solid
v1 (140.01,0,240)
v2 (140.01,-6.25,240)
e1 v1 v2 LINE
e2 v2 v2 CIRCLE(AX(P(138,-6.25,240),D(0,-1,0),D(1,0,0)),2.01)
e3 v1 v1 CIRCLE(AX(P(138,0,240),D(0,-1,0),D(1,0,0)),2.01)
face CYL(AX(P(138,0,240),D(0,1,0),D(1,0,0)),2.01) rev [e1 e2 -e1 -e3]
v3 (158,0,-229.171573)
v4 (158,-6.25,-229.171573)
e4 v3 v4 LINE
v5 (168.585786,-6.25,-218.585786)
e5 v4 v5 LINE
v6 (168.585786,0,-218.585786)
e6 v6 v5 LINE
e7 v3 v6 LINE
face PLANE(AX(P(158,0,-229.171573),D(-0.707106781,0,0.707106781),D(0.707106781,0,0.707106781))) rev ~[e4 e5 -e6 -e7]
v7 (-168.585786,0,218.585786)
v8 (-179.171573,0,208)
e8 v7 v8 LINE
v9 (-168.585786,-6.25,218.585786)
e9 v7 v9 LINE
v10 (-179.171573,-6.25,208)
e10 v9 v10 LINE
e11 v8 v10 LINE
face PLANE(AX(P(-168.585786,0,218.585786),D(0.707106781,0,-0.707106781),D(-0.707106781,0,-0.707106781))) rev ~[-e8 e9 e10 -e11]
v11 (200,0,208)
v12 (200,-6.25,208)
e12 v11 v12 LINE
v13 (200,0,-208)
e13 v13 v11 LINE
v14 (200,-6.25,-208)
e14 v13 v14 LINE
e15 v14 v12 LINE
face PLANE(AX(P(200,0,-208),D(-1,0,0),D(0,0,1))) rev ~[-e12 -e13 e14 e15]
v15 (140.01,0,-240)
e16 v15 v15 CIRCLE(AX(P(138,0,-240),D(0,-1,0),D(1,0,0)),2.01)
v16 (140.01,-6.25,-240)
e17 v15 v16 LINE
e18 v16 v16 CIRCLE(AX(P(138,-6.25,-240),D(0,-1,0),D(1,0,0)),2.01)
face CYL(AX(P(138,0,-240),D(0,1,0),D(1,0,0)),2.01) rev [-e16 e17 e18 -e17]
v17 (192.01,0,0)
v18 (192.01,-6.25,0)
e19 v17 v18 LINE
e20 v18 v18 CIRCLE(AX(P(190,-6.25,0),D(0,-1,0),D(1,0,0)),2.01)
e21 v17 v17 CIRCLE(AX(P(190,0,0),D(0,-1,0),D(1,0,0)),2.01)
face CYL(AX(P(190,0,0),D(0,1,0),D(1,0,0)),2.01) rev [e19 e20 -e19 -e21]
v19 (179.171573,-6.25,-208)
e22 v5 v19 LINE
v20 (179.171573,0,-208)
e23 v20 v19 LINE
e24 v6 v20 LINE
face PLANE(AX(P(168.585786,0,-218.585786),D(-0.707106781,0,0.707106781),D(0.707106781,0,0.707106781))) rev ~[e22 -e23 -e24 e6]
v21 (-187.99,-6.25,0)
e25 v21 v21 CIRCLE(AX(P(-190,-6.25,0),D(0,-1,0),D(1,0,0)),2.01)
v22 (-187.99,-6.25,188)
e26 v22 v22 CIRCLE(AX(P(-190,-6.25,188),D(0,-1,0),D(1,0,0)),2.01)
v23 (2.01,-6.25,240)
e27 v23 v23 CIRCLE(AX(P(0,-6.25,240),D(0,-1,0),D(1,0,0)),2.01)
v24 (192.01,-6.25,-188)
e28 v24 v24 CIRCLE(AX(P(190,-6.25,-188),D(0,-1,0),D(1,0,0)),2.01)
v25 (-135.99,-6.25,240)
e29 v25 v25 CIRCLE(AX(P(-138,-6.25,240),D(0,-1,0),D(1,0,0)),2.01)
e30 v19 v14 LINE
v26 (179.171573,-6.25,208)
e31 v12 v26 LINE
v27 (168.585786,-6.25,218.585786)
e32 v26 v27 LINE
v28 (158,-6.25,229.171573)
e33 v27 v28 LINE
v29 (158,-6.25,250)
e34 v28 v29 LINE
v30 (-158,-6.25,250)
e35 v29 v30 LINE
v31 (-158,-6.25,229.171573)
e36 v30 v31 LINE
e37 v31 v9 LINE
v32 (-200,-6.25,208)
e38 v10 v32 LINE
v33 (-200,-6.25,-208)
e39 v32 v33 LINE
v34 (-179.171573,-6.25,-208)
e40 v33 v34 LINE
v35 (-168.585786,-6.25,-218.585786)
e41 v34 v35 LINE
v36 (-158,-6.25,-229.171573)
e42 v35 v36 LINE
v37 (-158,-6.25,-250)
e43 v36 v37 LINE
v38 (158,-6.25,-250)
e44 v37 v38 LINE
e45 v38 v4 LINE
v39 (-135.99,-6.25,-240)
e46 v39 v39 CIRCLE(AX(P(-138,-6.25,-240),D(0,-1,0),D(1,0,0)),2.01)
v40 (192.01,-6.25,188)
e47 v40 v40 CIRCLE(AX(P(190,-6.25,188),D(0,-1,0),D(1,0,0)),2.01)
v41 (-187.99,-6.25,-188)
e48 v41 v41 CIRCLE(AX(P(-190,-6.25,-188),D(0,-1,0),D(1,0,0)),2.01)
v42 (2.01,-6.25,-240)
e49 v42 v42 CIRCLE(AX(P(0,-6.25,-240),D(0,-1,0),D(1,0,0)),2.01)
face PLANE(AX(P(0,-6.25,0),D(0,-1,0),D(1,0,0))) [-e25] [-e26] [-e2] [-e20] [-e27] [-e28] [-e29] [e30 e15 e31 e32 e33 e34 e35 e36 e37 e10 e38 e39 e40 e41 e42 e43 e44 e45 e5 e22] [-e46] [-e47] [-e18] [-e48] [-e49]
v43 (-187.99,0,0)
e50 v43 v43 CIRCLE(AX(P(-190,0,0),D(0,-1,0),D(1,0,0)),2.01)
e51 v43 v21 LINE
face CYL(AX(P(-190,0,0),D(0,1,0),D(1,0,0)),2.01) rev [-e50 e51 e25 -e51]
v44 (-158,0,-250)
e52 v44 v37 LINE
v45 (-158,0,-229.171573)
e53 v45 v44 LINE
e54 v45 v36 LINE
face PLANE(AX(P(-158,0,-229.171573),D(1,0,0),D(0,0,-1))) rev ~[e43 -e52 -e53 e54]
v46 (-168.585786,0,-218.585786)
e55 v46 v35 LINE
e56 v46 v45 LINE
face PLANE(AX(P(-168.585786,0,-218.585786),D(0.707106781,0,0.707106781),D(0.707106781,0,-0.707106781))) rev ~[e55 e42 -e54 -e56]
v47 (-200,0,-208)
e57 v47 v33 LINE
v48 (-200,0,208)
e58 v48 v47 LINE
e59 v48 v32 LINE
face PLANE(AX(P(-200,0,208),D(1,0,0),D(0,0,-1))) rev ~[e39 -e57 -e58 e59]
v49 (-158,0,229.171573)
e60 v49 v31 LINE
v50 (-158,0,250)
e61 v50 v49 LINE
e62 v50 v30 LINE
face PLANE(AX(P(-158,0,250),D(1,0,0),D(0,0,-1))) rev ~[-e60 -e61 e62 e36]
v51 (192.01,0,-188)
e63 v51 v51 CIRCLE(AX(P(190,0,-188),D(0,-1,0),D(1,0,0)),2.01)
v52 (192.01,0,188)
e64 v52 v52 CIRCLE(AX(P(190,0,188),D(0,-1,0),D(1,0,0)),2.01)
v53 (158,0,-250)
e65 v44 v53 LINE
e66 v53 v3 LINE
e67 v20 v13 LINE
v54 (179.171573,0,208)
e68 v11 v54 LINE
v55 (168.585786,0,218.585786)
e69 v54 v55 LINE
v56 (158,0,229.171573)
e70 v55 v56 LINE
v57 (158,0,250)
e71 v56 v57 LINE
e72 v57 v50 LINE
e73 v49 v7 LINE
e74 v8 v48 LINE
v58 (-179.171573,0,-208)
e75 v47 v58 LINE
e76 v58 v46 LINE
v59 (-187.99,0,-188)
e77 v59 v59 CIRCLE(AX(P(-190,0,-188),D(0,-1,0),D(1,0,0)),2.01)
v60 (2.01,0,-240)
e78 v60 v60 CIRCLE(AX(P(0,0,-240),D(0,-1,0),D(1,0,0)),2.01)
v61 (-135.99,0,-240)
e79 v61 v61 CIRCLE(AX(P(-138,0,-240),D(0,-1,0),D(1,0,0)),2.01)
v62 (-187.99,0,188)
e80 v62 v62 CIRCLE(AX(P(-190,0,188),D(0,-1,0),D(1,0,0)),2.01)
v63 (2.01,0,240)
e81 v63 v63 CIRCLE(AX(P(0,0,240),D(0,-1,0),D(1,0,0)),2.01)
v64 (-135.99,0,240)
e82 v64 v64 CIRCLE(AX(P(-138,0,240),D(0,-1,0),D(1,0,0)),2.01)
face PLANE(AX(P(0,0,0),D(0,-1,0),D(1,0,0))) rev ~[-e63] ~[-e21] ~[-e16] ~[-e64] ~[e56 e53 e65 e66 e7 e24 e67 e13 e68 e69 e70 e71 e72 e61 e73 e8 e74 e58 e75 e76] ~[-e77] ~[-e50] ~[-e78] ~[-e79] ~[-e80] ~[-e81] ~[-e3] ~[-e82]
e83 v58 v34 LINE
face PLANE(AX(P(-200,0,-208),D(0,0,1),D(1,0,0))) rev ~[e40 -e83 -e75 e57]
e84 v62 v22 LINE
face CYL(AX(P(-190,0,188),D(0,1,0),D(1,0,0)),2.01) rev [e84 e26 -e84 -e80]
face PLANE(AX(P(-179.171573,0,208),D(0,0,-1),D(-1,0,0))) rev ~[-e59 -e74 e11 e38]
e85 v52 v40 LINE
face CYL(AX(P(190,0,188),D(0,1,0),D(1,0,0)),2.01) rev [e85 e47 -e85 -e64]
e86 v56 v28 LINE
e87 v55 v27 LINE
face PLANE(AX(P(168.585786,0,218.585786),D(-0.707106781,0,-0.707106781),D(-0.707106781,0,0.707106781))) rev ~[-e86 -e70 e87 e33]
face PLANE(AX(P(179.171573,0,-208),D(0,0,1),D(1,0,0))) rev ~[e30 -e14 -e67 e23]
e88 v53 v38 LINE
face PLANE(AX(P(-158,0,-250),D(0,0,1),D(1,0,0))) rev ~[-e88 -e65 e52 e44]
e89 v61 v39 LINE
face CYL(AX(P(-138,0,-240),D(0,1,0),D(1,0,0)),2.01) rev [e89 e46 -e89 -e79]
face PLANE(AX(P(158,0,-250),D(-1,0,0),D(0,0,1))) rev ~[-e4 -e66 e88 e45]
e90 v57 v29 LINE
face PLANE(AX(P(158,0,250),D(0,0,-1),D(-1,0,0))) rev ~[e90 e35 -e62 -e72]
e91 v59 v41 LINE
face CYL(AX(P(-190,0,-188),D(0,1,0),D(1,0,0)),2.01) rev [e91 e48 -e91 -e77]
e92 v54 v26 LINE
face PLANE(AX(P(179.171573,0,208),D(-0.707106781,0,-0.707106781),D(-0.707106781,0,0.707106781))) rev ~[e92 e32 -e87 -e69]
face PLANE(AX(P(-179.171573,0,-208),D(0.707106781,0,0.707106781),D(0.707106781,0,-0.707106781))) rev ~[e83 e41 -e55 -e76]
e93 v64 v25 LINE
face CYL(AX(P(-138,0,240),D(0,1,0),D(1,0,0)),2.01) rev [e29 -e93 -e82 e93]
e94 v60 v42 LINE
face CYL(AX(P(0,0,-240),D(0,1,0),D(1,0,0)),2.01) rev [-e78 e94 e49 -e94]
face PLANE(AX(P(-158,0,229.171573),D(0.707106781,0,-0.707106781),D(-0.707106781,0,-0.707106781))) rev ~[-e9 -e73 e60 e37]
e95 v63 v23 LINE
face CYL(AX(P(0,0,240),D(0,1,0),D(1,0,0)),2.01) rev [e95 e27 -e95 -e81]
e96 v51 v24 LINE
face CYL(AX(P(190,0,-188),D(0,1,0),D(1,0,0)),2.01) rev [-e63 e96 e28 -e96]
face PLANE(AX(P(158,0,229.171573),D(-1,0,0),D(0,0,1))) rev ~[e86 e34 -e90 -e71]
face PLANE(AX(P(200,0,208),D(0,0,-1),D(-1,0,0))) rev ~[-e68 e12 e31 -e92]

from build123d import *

# Parameters (mm, degrees)
F0_R     = 2.01
F1_DEPTH = 6.25


with BuildPart() as f1:
    # F0 (on Front) → F1 (new body)
    with BuildSketch(Plane.XZ):
        Polygon((179.1715728753, -208), (190, -208), (200, -208), (200, 208), (190, 208), (179.1715728753, 208), (168.5857864376, 218.5857864376), (158, 229.1715728753), (158, 240), (158, 250), (-158, 250), (-158, 240), (-158, 229.1715728753), (-168.5857864376, 218.5857864376), (-179.1715728753, 208), (-190, 208), (-200, 208), (-200, -208), (-190, -208), (-179.1715728753, -208), (-168.5857864376, -218.5857864376), (-158, -229.1715728753), (-158, -240), (-158, -250), (158, -250), (158, -240), (158, -229.1715728753), (168.5857864376, -218.5857864376), align=None)
        with Locations((-190, -188)):
            Circle(F0_R, mode=Mode.SUBTRACT)
        with Locations((-138, -240)):
            Circle(F0_R, mode=Mode.SUBTRACT)
        with Locations((0, -240)):
            Circle(F0_R, mode=Mode.SUBTRACT)
        with Locations((138, -240)):
            Circle(F0_R, mode=Mode.SUBTRACT)
        with Locations((190, -188)):
            Circle(F0_R, mode=Mode.SUBTRACT)
        with Locations((-190, 0)):
            Circle(F0_R, mode=Mode.SUBTRACT)
        with Locations((-190, 188)):
            Circle(F0_R, mode=Mode.SUBTRACT)
        with Locations((-138, 240)):
            Circle(F0_R, mode=Mode.SUBTRACT)
        with Locations((190, 0)):
            Circle(F0_R, mode=Mode.SUBTRACT)
        with Locations((0, 240)):
            Circle(F0_R, mode=Mode.SUBTRACT)
        with Locations((138, 240)):
            Circle(F0_R, mode=Mode.SUBTRACT)
        with Locations((190, 188)):
            Circle(F0_R, mode=Mode.SUBTRACT)
    extrude(amount=F1_DEPTH)


solid = f1.part
